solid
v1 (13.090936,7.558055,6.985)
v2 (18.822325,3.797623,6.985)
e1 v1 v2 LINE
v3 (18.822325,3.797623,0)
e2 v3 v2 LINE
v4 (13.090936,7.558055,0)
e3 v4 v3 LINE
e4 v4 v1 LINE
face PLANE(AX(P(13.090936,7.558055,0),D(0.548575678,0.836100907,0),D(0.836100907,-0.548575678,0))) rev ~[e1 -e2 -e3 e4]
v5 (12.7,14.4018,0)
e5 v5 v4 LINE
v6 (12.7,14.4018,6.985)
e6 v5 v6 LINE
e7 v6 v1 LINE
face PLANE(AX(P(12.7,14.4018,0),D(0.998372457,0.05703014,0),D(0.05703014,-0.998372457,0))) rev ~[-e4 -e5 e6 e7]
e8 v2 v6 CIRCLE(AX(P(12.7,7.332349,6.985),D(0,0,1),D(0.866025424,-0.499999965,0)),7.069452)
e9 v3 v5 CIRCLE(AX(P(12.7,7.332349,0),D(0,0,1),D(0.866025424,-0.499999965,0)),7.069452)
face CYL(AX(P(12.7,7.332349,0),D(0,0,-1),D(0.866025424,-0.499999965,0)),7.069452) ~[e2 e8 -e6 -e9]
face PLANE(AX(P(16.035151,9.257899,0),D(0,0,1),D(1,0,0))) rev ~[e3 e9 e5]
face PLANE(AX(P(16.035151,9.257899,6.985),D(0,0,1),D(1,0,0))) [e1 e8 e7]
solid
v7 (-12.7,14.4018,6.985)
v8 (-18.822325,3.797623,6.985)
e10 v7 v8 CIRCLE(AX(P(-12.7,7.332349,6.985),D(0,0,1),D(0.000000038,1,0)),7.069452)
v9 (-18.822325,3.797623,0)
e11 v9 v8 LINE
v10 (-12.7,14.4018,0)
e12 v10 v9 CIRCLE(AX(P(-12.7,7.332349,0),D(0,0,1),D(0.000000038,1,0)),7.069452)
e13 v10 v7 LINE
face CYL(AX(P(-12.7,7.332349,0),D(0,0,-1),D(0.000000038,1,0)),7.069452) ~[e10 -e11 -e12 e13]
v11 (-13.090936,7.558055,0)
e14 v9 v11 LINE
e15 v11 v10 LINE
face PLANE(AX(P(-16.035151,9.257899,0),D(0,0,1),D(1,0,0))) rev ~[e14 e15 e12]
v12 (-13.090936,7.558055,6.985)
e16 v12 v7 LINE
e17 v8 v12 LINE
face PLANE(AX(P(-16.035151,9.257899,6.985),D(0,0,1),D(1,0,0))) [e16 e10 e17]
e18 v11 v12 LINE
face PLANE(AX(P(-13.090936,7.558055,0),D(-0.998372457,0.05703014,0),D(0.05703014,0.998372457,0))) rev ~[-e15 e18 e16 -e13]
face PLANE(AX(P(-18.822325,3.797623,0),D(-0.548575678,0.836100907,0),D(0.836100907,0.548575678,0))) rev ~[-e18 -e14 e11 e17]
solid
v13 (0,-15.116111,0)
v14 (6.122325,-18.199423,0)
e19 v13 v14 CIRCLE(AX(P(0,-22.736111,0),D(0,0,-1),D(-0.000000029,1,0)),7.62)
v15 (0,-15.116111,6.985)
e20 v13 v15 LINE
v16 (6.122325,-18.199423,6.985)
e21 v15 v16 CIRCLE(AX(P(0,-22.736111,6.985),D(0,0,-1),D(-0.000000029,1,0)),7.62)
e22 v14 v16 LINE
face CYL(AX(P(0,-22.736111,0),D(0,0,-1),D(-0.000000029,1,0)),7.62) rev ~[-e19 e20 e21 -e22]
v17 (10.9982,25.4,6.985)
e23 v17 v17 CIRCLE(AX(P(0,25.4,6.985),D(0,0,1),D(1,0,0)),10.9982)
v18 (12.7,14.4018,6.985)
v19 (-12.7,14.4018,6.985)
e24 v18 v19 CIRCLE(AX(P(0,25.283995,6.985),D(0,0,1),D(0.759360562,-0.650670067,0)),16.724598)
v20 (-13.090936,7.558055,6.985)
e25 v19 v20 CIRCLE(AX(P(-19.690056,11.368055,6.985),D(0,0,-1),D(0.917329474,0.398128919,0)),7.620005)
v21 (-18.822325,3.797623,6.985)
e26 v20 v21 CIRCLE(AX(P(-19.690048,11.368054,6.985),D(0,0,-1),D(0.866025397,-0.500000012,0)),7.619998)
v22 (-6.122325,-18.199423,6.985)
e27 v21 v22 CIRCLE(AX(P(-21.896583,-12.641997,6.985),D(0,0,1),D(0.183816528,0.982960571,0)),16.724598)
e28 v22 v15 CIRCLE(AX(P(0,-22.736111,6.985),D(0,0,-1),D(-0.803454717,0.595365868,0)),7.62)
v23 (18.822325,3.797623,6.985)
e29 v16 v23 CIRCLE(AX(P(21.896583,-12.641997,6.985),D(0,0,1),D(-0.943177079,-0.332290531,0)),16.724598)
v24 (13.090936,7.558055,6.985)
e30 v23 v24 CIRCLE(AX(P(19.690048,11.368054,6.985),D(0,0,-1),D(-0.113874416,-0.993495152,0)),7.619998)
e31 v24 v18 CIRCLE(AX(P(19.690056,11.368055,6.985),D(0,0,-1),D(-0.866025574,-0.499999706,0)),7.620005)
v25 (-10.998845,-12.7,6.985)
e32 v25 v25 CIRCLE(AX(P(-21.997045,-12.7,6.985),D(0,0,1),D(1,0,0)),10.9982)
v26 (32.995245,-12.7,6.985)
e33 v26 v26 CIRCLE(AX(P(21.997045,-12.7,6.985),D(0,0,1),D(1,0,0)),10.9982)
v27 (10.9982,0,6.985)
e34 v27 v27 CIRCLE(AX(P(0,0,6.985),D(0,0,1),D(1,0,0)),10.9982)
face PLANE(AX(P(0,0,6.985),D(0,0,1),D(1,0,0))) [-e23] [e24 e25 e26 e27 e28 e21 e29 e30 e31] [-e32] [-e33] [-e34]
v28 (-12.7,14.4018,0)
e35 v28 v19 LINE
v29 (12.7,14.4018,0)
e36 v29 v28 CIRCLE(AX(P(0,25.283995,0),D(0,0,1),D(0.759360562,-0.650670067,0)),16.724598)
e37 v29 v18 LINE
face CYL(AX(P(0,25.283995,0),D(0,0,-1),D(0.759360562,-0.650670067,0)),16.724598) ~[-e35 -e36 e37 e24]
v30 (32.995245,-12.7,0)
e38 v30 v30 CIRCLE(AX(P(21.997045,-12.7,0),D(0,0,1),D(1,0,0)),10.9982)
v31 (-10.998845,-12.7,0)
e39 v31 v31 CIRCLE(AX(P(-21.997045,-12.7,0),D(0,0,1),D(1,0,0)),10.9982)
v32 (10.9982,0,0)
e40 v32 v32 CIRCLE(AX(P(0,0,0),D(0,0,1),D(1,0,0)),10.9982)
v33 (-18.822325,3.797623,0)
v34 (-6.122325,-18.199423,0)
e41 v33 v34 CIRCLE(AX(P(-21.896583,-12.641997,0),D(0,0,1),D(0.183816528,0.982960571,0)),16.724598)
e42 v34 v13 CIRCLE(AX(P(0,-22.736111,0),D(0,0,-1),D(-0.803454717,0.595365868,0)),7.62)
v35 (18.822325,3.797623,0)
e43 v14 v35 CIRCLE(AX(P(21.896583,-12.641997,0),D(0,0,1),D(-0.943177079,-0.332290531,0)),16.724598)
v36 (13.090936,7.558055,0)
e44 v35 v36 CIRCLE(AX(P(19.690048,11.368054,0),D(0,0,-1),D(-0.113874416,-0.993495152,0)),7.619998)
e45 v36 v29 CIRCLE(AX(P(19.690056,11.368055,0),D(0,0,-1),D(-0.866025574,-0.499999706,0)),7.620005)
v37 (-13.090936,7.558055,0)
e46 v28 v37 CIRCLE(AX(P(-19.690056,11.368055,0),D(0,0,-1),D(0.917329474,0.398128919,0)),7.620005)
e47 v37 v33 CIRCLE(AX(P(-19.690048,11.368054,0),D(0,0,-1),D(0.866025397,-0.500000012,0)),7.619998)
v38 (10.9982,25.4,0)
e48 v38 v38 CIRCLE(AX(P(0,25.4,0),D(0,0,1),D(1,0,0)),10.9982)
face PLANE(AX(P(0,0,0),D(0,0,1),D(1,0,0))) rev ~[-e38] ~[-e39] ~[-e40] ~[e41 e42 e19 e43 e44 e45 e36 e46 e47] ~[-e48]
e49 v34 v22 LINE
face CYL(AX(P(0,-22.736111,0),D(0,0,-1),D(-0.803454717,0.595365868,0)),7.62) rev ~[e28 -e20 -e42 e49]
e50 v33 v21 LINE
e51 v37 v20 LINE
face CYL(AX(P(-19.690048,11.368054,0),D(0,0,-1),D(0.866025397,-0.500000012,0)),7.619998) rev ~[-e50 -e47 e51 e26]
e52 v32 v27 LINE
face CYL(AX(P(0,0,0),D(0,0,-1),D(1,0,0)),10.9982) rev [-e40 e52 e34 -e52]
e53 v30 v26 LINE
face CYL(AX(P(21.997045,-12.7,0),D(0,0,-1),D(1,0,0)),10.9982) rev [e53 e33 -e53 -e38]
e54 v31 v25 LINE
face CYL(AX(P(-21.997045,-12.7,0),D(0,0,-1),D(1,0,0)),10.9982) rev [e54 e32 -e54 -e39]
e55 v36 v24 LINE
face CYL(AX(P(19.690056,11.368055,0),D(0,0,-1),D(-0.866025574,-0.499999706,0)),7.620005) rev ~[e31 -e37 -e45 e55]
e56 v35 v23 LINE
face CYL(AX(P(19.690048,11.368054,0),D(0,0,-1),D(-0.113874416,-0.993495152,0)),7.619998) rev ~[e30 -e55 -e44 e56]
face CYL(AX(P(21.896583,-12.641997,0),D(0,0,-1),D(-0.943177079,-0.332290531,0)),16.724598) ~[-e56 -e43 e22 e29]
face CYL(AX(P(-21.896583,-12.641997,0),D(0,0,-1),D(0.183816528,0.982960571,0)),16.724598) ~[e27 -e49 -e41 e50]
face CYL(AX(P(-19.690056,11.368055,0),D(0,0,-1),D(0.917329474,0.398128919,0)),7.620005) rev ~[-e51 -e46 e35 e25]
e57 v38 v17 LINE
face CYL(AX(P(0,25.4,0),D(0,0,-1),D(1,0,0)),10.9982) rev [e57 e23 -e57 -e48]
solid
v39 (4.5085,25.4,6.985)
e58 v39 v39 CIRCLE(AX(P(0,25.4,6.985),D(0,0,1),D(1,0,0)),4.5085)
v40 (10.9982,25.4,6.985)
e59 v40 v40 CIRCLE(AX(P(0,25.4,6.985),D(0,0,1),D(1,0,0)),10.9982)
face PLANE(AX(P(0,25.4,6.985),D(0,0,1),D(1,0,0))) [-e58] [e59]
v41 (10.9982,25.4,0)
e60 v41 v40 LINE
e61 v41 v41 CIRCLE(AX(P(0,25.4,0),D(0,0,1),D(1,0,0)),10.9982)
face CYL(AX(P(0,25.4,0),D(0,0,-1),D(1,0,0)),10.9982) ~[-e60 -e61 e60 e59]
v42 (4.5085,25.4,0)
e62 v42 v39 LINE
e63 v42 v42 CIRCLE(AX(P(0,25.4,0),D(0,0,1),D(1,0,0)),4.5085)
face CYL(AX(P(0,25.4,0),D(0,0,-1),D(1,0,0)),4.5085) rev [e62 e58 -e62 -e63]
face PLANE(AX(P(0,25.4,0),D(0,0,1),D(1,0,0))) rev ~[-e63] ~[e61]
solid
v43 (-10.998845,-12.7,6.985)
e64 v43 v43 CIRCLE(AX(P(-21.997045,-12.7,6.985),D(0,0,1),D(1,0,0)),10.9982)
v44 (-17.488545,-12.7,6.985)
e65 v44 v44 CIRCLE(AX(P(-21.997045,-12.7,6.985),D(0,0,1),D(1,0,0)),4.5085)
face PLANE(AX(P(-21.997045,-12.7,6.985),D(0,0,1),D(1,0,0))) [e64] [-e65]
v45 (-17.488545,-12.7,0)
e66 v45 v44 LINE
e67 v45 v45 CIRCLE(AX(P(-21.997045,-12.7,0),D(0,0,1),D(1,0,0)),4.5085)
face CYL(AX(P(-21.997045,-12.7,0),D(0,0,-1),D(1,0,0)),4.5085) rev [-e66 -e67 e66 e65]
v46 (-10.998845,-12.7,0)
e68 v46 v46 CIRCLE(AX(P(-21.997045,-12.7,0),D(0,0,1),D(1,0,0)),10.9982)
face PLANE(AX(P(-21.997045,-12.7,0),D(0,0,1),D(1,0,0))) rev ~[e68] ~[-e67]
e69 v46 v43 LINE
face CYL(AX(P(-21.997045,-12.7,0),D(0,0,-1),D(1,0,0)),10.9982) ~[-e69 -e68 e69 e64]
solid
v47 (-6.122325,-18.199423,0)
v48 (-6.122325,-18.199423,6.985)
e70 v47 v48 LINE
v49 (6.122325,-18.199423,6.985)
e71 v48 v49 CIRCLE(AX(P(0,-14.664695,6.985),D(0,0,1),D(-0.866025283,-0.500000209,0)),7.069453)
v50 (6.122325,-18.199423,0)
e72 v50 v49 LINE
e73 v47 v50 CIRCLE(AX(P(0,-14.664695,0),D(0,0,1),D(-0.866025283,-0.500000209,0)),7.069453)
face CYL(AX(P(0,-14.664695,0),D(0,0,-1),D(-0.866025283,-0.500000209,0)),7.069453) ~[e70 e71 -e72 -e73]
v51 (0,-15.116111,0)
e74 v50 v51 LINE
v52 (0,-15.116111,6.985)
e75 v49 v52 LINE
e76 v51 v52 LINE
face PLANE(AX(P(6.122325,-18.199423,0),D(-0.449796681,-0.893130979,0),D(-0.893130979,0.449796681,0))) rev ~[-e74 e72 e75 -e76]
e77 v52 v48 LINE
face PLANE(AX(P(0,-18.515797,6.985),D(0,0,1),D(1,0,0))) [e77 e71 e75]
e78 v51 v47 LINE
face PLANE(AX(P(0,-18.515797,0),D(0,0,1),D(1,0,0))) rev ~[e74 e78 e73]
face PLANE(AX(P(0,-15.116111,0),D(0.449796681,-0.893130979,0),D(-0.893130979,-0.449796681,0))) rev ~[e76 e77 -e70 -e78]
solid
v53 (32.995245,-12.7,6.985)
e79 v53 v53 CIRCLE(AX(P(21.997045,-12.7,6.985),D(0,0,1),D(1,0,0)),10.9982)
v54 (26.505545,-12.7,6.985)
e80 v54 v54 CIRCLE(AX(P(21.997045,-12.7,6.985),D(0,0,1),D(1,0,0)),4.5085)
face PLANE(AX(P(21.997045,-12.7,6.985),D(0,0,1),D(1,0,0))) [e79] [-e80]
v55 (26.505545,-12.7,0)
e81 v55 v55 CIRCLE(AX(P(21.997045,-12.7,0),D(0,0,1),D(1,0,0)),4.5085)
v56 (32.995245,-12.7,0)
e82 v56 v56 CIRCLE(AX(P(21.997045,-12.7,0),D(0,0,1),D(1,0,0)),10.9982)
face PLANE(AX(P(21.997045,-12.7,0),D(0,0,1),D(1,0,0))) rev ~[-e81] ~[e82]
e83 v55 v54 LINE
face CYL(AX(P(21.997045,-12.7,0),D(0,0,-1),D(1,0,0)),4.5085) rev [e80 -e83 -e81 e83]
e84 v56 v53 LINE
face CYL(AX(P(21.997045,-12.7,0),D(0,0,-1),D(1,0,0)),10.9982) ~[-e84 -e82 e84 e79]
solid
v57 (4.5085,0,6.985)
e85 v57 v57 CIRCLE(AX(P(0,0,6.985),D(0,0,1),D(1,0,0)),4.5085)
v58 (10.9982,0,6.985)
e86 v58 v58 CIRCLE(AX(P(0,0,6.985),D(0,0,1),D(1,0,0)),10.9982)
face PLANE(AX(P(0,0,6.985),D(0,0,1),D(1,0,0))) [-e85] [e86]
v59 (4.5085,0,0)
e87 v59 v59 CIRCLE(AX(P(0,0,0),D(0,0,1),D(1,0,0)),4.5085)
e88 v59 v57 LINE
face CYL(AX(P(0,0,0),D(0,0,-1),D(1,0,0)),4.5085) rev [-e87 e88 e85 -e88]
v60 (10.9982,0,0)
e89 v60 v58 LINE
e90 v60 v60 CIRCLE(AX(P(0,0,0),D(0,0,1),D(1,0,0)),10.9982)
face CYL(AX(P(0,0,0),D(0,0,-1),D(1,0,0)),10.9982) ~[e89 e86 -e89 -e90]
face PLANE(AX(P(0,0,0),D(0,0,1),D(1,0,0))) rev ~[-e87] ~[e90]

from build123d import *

# Parameters (mm, degrees)
F0_R     = 10.9982
F0_R_2   = 4.5085
F1_DEPTH = 6.985
F2_DEPTH = 6.985
F3_DEPTH = 6.985
F4_DEPTH = 6.985
F5_DEPTH = 6.985


with BuildPart() as f1:
    # F0 (on Top) → F1 (new body)
    with BuildSketch(Plane.XY):
        with Locations((-21.997045, -12.7)):
            Circle(F0_R)
        with Locations((-21.997045, -12.7)):
            Circle(F0_R_2, mode=Mode.SUBTRACT)
        with Locations((21.997045, -12.7)):
            Circle(F0_R)
        with Locations((21.997045, -12.7)):
            Circle(F0_R_2, mode=Mode.SUBTRACT)
    extrude(amount=F1_DEPTH)


with BuildPart() as f2:
    # F0 (on Top) → F2 (new body)
    with BuildSketch(Plane.XY):
        with Locations((0, 25.4)):
            Circle(F0_R)
        with Locations((0, 25.4)):
            Circle(F0_R_2, mode=Mode.SUBTRACT)
    extrude(amount=F2_DEPTH)


with BuildPart() as f3:
    # F0 (on Top) → F3 (new body)
    with BuildSketch(Plane.XY):
        Circle(F0_R)
        Circle(F0_R_2, mode=Mode.SUBTRACT)
    extrude(amount=F3_DEPTH)


with BuildPart() as f4:
    # F0 (on Top) → F4 (new body)
    with BuildSketch(Plane.XY):
        with BuildLine():
            ThreePointArc((-13.090936, 7.558055), (-15.509902, 4.996967), (-18.822325, 3.797623))
            ThreePointArc((-18.822325, 3.797623), (-36.380509, -21.004297), (-6.122325, -18.199423))
            ThreePointArc((-6.122325, -18.199423), (-3.427451, -15.930453), (0, -15.116111))
            ThreePointArc((0, -15.116111), (3.427451, -15.930453), (6.122325, -18.199423))
            ThreePointArc((6.122325, -18.199423), (36.380509, -21.004297), (18.822325, 3.797623))
            ThreePointArc((18.822325, 3.797623), (15.509902, 4.996967), (13.090936, 7.558055))
            ThreePointArc((13.090936, 7.558055), (12.082452, 10.933486), (12.7, 14.4018))
            ThreePointArc((12.7, 14.4018), (0, 42.008593), (-12.7, 14.4018))
            ThreePointArc((-12.7, 14.4018), (-12.082452, 10.933486), (-13.090936, 7.558055))
        make_face()
        with Locations((-21.997045, -12.7)):
            Circle(F0_R, mode=Mode.SUBTRACT)
        Circle(F0_R, mode=Mode.SUBTRACT)
        with Locations((21.997045, -12.7)):
            Circle(F0_R, mode=Mode.SUBTRACT)
        with Locations((0, 25.4)):
            Circle(F0_R, mode=Mode.SUBTRACT)
    extrude(amount=F4_DEPTH)


with BuildPart() as f5:
    # F0 (on Top) → F5 (new body)
    with BuildSketch(Plane.XY):
        with BuildLine():
            ThreePointArc((-12.7, 14.4018), (-18.822325, 10.867074), (-18.822325, 3.797623))
            Line((-18.822325, 3.797623), (-13.090936, 7.558055))
            Line((-13.090936, 7.558055), (-12.7, 14.4018))
        make_face()
        with BuildLine():
            ThreePointArc((18.822325, 3.797623), (18.822325, 10.867074), (12.7, 14.4018))
            Line((12.7, 14.4018), (13.090936, 7.558055))
            Line((13.090936, 7.558055), (18.822325, 3.797623))
        make_face()
        with BuildLine():
            Line((0, -15.116111), (-6.122325, -18.199423))
            ThreePointArc((-6.122325, -18.199423), (0, -21.734148), (6.122325, -18.199423))
            Line((6.122325, -18.199423), (0, -15.116111))
        make_face()
    extrude(amount=F5_DEPTH)


solid = Compound([f1.part, f2.part, f3.part, f4.part, f5.part])
